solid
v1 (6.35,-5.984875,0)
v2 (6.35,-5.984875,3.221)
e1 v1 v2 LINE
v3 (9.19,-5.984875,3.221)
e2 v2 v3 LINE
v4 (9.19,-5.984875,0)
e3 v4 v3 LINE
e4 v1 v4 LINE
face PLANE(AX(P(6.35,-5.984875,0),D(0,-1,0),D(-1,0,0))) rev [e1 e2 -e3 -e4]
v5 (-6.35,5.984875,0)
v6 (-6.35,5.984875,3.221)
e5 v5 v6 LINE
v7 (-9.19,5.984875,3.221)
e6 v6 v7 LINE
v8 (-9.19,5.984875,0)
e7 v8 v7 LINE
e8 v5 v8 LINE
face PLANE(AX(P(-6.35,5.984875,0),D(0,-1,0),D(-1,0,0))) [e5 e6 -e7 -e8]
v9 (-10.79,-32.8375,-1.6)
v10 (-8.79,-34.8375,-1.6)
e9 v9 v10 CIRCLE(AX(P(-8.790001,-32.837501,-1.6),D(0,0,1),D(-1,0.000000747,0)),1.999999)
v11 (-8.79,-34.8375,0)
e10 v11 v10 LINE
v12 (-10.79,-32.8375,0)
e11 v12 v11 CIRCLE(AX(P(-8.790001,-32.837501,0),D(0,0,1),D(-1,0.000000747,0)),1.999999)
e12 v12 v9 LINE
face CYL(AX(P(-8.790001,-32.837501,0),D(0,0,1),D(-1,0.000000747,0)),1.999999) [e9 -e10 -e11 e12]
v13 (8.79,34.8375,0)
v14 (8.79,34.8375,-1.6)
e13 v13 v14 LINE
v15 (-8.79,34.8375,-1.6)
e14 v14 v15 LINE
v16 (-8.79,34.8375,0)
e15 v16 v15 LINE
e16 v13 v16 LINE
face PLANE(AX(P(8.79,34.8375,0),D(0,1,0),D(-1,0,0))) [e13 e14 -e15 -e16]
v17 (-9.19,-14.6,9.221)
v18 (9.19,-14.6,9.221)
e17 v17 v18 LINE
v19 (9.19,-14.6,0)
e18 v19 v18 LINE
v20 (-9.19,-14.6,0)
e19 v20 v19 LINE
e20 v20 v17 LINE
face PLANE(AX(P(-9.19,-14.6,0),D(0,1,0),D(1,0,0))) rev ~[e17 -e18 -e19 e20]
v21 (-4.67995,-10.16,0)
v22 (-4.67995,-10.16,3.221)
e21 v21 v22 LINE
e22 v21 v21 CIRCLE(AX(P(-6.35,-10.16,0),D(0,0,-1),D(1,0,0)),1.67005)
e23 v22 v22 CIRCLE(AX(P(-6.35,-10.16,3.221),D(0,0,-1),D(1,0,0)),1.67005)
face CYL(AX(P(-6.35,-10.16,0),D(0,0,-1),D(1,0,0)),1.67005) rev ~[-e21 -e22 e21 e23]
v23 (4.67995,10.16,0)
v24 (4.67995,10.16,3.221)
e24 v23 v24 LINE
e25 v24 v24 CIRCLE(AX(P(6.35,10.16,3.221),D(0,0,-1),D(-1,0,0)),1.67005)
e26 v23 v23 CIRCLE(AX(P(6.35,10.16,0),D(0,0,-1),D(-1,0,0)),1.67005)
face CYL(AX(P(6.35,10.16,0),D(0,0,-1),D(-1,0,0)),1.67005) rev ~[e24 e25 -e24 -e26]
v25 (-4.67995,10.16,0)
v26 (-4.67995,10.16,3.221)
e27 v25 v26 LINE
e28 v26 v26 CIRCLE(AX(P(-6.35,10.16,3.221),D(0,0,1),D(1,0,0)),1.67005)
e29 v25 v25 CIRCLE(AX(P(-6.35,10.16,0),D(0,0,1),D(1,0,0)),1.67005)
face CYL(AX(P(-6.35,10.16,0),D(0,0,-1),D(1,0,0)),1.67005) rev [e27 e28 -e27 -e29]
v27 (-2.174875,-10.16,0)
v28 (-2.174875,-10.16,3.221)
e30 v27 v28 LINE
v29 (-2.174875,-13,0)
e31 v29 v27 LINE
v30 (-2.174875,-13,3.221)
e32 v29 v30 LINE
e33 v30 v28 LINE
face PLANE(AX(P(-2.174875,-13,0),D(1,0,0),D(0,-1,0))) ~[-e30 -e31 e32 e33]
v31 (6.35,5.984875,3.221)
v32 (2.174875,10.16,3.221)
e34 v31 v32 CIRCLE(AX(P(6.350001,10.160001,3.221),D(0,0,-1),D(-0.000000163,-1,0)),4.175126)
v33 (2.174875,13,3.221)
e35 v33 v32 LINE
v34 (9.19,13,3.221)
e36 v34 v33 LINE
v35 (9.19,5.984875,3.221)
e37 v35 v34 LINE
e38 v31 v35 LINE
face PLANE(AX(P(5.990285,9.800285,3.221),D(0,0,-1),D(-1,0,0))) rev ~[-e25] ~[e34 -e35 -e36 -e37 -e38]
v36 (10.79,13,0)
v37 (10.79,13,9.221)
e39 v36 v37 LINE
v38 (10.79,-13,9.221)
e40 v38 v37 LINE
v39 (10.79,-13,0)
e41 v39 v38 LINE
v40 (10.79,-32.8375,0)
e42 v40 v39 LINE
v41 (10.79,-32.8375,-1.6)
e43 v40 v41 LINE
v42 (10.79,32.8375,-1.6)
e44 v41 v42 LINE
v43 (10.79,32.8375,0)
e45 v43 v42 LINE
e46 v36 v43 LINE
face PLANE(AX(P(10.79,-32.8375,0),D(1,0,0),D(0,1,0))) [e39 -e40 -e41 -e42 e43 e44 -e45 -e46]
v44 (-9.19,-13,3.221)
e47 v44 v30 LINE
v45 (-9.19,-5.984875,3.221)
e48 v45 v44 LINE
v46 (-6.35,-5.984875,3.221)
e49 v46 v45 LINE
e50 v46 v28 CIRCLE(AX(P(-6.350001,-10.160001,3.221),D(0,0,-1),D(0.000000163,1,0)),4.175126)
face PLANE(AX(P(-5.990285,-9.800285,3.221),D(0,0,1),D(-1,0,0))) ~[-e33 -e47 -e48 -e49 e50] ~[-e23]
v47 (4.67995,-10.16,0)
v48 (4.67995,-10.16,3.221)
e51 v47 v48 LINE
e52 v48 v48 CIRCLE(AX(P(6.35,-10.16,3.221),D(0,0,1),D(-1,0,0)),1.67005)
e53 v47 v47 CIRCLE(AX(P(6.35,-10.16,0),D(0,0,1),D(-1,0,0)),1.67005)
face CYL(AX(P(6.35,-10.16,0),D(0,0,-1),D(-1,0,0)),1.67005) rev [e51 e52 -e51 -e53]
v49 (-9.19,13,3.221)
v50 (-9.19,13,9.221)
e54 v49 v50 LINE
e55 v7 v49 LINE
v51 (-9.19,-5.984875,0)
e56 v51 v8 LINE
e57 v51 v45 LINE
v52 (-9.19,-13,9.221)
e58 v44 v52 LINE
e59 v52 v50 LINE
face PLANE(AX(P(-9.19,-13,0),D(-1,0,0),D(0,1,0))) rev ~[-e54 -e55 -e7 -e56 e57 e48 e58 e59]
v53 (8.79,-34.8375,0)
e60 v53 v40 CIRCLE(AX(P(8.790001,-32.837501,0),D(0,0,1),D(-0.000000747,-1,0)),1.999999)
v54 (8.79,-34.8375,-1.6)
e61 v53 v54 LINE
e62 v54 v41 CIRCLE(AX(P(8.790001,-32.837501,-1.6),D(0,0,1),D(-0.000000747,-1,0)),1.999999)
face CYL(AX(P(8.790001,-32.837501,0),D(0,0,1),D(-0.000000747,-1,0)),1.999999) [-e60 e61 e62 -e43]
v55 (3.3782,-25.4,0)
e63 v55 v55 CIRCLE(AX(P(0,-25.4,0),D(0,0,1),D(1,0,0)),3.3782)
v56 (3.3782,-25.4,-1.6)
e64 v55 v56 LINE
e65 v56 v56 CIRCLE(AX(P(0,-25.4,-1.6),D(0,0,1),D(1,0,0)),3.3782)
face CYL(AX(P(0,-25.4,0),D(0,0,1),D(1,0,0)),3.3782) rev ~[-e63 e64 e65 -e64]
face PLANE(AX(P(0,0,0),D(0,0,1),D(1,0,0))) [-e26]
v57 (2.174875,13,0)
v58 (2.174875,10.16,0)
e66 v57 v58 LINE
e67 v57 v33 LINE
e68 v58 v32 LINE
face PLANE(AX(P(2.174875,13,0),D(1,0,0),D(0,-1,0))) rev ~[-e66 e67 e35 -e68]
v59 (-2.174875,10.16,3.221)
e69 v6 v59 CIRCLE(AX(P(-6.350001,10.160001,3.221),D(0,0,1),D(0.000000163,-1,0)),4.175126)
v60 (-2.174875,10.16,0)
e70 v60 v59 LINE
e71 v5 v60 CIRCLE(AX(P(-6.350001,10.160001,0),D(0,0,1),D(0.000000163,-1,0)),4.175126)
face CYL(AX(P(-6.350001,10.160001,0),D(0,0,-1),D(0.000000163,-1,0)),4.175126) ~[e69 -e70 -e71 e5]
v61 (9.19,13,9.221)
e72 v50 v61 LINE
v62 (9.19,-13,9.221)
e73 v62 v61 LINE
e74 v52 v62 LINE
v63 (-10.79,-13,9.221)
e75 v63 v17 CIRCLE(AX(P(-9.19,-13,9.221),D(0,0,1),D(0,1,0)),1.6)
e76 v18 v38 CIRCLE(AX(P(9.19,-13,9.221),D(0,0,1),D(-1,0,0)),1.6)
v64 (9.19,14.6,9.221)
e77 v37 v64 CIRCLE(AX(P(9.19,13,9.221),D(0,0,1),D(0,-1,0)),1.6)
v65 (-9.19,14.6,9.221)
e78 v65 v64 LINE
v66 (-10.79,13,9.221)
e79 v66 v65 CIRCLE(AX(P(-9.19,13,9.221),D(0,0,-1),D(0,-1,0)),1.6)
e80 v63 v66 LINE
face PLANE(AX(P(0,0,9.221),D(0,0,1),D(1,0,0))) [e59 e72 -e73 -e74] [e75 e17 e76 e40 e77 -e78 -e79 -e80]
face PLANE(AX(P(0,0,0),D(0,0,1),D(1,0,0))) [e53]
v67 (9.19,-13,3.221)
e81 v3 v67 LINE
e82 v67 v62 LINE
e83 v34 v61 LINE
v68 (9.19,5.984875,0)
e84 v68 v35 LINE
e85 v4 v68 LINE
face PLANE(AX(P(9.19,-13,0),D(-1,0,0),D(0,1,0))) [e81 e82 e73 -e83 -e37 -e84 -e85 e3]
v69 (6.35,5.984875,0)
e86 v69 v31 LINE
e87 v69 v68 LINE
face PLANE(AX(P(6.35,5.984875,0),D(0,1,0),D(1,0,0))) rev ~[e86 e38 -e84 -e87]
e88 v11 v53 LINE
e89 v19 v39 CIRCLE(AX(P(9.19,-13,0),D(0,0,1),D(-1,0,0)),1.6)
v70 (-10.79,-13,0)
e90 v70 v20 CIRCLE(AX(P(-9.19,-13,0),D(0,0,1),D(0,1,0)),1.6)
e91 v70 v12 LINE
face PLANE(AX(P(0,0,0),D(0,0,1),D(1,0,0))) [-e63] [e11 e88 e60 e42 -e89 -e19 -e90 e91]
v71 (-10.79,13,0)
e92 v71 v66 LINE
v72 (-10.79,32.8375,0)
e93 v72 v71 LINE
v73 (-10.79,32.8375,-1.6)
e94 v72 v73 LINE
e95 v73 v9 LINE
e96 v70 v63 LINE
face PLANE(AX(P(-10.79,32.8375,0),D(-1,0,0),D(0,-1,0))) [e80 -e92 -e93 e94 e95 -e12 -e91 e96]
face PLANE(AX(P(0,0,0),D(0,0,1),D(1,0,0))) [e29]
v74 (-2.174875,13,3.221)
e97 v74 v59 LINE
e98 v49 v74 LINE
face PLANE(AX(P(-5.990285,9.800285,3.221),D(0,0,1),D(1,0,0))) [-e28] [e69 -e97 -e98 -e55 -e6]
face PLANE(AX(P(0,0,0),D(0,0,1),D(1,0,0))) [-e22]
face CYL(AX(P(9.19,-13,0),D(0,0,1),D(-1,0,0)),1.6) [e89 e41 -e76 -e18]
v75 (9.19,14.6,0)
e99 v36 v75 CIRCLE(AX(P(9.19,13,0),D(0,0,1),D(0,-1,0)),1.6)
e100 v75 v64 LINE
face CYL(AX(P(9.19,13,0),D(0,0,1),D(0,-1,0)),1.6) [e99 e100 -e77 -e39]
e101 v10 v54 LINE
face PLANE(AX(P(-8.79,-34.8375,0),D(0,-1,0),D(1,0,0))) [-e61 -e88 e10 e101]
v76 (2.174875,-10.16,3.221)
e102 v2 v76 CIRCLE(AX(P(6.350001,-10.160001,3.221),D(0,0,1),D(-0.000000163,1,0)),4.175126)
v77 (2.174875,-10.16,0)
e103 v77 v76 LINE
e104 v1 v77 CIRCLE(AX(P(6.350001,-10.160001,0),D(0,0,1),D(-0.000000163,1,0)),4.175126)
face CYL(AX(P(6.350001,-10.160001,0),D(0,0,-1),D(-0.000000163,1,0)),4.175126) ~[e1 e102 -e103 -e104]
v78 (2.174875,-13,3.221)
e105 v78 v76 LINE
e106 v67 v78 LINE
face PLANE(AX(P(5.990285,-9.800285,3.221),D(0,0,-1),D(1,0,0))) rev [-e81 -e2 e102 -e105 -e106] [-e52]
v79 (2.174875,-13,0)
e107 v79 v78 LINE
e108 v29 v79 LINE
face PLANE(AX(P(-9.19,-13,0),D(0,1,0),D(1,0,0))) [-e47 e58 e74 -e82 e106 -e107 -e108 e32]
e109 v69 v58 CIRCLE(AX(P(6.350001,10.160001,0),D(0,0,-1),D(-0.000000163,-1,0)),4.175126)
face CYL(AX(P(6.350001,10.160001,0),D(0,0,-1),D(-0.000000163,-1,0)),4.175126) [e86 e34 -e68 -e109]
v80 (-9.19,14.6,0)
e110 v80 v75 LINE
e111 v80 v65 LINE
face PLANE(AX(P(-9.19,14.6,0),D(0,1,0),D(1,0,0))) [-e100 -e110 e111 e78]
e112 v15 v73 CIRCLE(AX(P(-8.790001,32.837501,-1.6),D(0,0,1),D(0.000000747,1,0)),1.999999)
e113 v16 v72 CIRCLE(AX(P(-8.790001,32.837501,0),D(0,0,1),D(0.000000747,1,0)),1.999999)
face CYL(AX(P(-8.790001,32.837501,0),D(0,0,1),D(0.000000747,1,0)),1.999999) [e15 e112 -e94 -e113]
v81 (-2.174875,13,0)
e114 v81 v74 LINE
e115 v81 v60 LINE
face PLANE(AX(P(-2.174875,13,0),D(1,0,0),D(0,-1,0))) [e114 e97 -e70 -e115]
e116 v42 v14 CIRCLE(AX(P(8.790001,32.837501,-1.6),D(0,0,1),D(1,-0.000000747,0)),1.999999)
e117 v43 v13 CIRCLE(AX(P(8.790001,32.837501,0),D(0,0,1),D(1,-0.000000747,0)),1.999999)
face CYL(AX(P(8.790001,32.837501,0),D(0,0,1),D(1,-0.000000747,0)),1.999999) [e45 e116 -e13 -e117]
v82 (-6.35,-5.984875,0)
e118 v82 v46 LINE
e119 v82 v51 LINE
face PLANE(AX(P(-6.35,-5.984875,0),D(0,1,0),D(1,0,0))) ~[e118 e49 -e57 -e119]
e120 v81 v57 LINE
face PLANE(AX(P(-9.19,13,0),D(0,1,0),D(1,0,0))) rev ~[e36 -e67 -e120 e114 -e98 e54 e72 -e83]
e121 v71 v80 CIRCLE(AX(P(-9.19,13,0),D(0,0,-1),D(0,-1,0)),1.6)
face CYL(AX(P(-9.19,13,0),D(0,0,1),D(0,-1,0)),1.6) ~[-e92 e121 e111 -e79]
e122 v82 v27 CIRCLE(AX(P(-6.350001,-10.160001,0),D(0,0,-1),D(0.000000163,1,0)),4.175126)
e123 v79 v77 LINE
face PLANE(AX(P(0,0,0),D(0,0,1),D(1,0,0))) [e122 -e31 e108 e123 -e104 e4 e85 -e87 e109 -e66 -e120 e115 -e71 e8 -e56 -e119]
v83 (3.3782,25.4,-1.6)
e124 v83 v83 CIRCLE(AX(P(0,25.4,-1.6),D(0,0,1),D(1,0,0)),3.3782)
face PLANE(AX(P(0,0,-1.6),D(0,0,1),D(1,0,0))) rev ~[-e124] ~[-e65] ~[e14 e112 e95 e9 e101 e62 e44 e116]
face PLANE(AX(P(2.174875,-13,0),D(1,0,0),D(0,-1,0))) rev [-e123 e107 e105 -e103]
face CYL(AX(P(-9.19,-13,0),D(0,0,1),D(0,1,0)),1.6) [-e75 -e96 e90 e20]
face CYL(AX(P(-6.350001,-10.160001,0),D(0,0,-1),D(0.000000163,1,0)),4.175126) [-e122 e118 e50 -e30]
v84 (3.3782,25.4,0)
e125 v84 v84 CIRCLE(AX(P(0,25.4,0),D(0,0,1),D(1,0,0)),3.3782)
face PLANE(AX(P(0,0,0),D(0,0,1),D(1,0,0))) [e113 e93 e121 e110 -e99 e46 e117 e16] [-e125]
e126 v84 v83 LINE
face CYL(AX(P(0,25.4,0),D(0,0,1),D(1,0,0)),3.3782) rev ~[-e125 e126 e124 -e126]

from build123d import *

# Parameters (mm, degrees)
SKETCH_W                = 18.38
SKETCH_H                = 26
PAD_DEPTH               = 9.221
THICKNESS_T             = 1.6
SKETCH001_R             = 1.67005
PAD001_DEPTH            = 3.221
SKETCH001_MIRRORED_2_R  = 1.67005
PAD001_MIRRORED_2_DEPTH = 3.221
SKETCH002_R             = 3.3782
PAD002_DEPTH            = 1.6


with BuildPart() as part:
    # Sketch → Pad (new body)
    with BuildSketch(Plane.XY):
        Rectangle(SKETCH_W, SKETCH_H)
    extrude(amount=PAD_DEPTH)

    # Thickness
    thickness_openings = [part.faces().sort_by_distance(p)[0] for p in [
        (0, 0, 9.221),
    ]]
    offset(amount=THICKNESS_T, openings=thickness_openings)

    # Sketch001 → Pad001 (join)
    with BuildSketch(Plane.XY):
        with BuildLine():
            ThreePointArc((-6.35, 5.984875), (-3.397741, 7.207741), (-2.174875, 10.16))
            Line((-2.174875, 13), (-2.174875, 10.16))
            Line((-9.19, 13), (-2.174875, 13))
            Line((-9.19, 5.984875), (-9.19, 13))
            Line((-6.35, 5.984875), (-9.19, 5.984875))
        make_face()
        with Locations((-6.35, 10.16)):
            Circle(SKETCH001_R, mode=Mode.SUBTRACT)
    pad001 = extrude(amount=PAD001_DEPTH)

    # Sketch001 Mirrored 2 → Pad001 Mirrored 2 (add)
    with BuildSketch(Plane(origin=(0, 0, 0), x_dir=(-1, 0, 0), z_dir=(0, 0, -1))):
        with BuildLine():
            ThreePointArc((-6.35, 5.984875), (-3.397741, 7.207741), (-2.174875, 10.16))
            Line((-2.174875, 13), (-2.174875, 10.16))
            Line((-9.19, 13), (-2.174875, 13))
            Line((-9.19, 5.984875), (-9.19, 13))
            Line((-6.35, 5.984875), (-9.19, 5.984875))
        make_face()
        with Locations((-6.35, 10.16)):
            Circle(SKETCH001_MIRRORED_2_R, mode=Mode.SUBTRACT)
    pad001_mirrored_2 = extrude(amount=-PAD001_MIRRORED_2_DEPTH)

    # Mirrored001: Pad001, Pad001 Mirrored 2 across XZ
    add(pad001.mirror(Plane.XZ))
    add(pad001_mirrored_2.mirror(Plane.XZ))

    # Sketch002 → Pad002 (join)
    with BuildSketch(Plane.XY):
        with BuildLine():
            Line((-10.79, 32.8375), (-10.79, -32.8375))
            ThreePointArc((-10.79, -32.8375), (-10.204214, -34.251714), (-8.79, -34.8375))
            Line((-8.79, -34.8375), (8.79, -34.8375))
            ThreePointArc((8.79, -34.8375), (10.204214, -34.251714), (10.79, -32.8375))
            Line((10.79, -32.8375), (10.79, 32.8375))
            ThreePointArc((10.79, 32.8375), (10.204214, 34.251714), (8.79, 34.8375))
            Line((8.79, 34.8375), (-8.79, 34.8375))
            ThreePointArc((-8.79, 34.8375), (-10.204214, 34.251714), (-10.79, 32.8375))
        make_face()
        with Locations((0, 25.4)):
            Circle(SKETCH002_R, mode=Mode.SUBTRACT)
        with Locations((0, -25.4)):
            Circle(SKETCH002_R, mode=Mode.SUBTRACT)
    extrude(amount=-PAD002_DEPTH)


solid = part.part
